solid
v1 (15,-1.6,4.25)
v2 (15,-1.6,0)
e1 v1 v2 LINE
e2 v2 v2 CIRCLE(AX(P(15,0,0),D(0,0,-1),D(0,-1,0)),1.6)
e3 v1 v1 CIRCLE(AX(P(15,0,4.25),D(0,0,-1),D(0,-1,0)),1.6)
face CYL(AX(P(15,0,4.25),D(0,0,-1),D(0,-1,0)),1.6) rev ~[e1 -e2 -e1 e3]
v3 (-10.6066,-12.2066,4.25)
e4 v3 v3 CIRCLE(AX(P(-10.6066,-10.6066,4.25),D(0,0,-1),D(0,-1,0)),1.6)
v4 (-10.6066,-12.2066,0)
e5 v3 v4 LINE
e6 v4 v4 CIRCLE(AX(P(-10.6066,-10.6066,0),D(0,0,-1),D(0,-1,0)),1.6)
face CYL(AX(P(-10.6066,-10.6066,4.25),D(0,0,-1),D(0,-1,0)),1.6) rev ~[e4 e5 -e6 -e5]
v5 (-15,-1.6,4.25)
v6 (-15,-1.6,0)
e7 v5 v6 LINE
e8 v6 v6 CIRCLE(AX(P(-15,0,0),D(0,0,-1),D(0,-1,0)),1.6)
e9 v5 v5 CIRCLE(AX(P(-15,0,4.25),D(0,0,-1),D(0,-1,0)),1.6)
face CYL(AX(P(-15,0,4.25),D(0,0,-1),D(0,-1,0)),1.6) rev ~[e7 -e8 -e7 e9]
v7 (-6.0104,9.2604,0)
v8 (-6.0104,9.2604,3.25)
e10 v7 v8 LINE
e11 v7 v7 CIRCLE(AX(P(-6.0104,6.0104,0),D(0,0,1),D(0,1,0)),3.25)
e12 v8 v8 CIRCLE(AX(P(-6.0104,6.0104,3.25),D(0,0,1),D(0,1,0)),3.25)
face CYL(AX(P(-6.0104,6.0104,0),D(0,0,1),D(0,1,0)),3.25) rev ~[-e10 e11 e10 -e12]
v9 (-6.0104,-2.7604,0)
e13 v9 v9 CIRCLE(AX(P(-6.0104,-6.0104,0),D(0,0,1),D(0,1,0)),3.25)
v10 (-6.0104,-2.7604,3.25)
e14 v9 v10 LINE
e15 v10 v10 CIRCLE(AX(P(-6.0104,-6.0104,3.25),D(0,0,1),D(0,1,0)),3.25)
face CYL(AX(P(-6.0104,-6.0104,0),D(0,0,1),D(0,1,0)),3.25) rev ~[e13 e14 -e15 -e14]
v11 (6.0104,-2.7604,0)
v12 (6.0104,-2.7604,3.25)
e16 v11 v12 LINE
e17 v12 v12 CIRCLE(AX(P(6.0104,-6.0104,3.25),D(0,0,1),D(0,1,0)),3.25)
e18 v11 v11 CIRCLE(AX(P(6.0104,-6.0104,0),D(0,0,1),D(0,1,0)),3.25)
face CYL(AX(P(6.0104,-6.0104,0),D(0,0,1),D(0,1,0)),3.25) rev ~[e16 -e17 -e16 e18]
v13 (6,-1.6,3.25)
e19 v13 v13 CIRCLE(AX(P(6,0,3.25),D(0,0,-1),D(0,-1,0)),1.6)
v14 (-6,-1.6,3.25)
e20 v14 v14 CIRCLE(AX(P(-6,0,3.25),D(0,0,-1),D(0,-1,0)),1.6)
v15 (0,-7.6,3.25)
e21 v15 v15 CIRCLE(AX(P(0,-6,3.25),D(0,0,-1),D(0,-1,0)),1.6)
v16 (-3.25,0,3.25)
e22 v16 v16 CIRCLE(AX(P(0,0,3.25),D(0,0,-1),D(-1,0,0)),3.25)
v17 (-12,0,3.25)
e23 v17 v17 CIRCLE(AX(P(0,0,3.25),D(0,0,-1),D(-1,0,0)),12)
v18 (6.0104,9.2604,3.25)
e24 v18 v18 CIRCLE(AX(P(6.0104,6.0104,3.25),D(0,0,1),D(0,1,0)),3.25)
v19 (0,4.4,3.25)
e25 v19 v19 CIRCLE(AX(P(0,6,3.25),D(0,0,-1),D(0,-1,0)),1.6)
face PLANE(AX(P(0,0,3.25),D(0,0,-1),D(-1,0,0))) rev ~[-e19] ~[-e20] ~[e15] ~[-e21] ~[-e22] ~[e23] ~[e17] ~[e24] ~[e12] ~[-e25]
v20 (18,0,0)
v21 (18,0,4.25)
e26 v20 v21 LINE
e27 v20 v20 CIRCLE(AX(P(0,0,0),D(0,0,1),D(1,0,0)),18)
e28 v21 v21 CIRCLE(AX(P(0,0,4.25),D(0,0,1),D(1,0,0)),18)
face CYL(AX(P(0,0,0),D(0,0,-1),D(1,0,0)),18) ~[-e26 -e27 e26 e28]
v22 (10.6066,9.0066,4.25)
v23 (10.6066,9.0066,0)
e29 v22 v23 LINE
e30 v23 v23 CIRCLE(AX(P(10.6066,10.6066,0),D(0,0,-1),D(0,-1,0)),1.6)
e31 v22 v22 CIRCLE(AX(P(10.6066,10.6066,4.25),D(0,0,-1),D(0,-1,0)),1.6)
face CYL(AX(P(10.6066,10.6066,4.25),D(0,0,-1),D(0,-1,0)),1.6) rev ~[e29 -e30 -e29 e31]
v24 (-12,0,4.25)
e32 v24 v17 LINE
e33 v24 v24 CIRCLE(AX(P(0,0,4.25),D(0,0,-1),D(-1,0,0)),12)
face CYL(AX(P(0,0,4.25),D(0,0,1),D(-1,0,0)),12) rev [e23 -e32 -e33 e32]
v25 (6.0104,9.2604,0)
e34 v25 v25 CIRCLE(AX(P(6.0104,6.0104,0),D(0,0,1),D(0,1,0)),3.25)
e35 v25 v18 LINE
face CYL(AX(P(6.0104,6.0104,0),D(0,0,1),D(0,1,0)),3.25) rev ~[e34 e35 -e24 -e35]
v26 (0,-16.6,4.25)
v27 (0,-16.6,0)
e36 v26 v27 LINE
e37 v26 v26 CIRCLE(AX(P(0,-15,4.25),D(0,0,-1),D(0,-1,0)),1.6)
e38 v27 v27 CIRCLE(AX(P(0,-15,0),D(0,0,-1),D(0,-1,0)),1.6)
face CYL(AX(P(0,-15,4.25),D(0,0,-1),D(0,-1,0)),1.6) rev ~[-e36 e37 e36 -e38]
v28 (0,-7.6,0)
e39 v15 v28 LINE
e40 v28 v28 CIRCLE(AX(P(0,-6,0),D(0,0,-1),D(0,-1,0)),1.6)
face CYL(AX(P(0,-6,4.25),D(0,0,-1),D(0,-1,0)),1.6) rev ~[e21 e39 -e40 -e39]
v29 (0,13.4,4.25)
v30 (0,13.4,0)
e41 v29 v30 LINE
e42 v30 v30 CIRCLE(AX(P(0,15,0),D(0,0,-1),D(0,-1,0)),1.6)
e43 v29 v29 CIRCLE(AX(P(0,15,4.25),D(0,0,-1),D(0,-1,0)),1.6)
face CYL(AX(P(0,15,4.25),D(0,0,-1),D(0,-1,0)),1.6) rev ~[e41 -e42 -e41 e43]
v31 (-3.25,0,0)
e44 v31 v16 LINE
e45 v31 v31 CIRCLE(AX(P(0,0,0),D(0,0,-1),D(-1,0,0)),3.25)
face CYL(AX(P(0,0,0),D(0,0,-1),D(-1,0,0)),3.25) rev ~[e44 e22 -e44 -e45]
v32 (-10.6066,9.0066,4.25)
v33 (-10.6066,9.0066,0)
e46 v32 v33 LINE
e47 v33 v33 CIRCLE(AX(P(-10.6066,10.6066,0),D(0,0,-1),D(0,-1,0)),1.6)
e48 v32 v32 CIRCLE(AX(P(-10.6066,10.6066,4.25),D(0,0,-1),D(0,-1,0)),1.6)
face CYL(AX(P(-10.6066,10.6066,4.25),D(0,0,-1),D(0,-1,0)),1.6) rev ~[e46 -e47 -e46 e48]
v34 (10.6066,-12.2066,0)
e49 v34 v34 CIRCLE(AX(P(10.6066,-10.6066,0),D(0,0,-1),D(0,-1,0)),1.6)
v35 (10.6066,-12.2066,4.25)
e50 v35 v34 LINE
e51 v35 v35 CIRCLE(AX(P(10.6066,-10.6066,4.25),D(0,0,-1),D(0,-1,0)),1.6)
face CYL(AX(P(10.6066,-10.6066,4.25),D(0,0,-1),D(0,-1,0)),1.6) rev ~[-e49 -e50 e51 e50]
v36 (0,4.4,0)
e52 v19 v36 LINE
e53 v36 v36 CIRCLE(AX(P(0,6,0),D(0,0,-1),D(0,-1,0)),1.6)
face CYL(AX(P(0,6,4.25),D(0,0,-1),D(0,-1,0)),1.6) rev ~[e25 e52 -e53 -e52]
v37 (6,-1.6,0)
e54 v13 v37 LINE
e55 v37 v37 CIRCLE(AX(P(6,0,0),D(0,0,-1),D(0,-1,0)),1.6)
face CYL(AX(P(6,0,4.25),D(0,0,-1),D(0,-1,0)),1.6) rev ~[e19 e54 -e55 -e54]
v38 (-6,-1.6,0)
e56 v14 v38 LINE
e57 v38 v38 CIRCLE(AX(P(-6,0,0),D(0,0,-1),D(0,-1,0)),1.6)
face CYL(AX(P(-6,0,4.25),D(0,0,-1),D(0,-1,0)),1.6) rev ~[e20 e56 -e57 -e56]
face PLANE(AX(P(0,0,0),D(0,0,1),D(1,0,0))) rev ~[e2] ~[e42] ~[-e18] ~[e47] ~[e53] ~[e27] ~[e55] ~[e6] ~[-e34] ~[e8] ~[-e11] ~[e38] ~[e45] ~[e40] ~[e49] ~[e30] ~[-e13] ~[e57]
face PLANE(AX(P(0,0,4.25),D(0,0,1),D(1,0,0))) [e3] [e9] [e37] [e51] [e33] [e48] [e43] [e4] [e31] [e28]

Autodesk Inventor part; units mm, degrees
ref_plane "YZ Plane" through (0, 0, 0) normal (1, 0, 0) x (0, 1, 0)
ref_plane "XZ Plane" through (0, 0, 0) normal (0, 1, 0) x (-1, 0, 0)
ref_plane "XY Plane" through (0, 0, 0) normal (0, 0, 1) x (1, 0, 0)
sketch "スケッチ1" plane through (0, 0, 0) normal (0, 0, 1) x (1, 0, 0)
  circle A0 centre (0, 0) radius 18
  dimension "d0" = 36
extrude "押し出し1" add sketch "スケッチ1" along normal blind 4.25
sketch "スケッチ2" plane through (0, 0, 4.25) normal (0, 0, 1) x (1, 0, 0)
  circle A0 centre (0, 0) radius 6
  point P0 (0, 6)
  point P1 (-6, 0)
  point P2 (0, -6)
  point P3 (6, 0)
  dimension "d3" = 12
  dimension "d6" = 360
hole "穴1" at (0, 6, 4.25) at (-6, 0, 4.25) at (0, -6, 4.25) at (6, 0, 4.25) direction (0, 0, -1) diameter 3.2 end through all clearance for "Socket Head Cap Screw" size "M3" standard "Ansi Metric M Profile"
sketch "スケッチ3" plane through (0, 0, 0) normal (0, 0, -1) x (-1, 0, 0)
  circle A0 centre (0, 0) radius 8.5
  point P0 (-6.0104, 6.0104)
  point P1 (-6.0104, -6.0104)
  point P2 (6.0104, -6.0104)
  point P3 (6.0104, 6.0104)
  dimension "d15" = 17
  dimension "d18" = 360
hole "穴2" at (6.0104, 6.0104, 0) at (6.0104, -6.0104, 0) at (-6.0104, -6.0104, 0) at (-6.0104, 6.0104, 0) direction (0, 0, 1) diameter 3.2 end through all counterbore diameter 6.5 counterbore depth 10 clearance for "Socket Head Cap Screw" size "M3" standard "Ansi Metric M Profile"
sketch "スケッチ4" plane through (0, 0, 0) normal (0, 0, -1) x (-1, 0, 0)
  circle A0 centre (0, 0) radius 3.25
  dimension "d27" = 6.5
extrude "押し出し2" cut sketch "スケッチ4" against normal blind 8
sketch "スケッチ5" plane through (0, 0, 4.25) normal (0, 0, 1) x (1, 0, 0)
  circle A0 centre (0, 0) radius 15
  point P0 (0, -15)
  point P1 (10.6066, -10.6066)
  point P2 (15, 0)
  point P3 (10.6066, 10.6066)
  point P4 (0, 15)
  point P5 (-10.6066, 10.6066)
  point P6 (-15, 0)
  point P7 (-10.6066, -10.6066)
  dimension "d31" = 30
  dimension "d34" = 360
hole "穴3" at (0, -15, 4.25) at (10.6066, -10.6066, 4.25) at (15, 0, 4.25) at (10.6066, 10.6066, 4.25) at (0, 15, 4.25) at (-10.6066, 10.6066, 4.25) at (-15, 0, 4.25) at (-10.6066, -10.6066, 4.25) direction (0, 0, -1) diameter 3.2 end through all clearance for "Socket Head Cap Screw" size "M3" standard "Ansi Metric M Profile"
sketch "スケッチ6" plane through (0, 0, 4.25) normal (0, 0, -1) x (-1, 0, 0)
  circle A0 centre (0, 0) radius 12
  dimension "d43" = 24
extrude "押し出し3" cut sketch "スケッチ6" along normal blind 1
properties part number "s_base6"
